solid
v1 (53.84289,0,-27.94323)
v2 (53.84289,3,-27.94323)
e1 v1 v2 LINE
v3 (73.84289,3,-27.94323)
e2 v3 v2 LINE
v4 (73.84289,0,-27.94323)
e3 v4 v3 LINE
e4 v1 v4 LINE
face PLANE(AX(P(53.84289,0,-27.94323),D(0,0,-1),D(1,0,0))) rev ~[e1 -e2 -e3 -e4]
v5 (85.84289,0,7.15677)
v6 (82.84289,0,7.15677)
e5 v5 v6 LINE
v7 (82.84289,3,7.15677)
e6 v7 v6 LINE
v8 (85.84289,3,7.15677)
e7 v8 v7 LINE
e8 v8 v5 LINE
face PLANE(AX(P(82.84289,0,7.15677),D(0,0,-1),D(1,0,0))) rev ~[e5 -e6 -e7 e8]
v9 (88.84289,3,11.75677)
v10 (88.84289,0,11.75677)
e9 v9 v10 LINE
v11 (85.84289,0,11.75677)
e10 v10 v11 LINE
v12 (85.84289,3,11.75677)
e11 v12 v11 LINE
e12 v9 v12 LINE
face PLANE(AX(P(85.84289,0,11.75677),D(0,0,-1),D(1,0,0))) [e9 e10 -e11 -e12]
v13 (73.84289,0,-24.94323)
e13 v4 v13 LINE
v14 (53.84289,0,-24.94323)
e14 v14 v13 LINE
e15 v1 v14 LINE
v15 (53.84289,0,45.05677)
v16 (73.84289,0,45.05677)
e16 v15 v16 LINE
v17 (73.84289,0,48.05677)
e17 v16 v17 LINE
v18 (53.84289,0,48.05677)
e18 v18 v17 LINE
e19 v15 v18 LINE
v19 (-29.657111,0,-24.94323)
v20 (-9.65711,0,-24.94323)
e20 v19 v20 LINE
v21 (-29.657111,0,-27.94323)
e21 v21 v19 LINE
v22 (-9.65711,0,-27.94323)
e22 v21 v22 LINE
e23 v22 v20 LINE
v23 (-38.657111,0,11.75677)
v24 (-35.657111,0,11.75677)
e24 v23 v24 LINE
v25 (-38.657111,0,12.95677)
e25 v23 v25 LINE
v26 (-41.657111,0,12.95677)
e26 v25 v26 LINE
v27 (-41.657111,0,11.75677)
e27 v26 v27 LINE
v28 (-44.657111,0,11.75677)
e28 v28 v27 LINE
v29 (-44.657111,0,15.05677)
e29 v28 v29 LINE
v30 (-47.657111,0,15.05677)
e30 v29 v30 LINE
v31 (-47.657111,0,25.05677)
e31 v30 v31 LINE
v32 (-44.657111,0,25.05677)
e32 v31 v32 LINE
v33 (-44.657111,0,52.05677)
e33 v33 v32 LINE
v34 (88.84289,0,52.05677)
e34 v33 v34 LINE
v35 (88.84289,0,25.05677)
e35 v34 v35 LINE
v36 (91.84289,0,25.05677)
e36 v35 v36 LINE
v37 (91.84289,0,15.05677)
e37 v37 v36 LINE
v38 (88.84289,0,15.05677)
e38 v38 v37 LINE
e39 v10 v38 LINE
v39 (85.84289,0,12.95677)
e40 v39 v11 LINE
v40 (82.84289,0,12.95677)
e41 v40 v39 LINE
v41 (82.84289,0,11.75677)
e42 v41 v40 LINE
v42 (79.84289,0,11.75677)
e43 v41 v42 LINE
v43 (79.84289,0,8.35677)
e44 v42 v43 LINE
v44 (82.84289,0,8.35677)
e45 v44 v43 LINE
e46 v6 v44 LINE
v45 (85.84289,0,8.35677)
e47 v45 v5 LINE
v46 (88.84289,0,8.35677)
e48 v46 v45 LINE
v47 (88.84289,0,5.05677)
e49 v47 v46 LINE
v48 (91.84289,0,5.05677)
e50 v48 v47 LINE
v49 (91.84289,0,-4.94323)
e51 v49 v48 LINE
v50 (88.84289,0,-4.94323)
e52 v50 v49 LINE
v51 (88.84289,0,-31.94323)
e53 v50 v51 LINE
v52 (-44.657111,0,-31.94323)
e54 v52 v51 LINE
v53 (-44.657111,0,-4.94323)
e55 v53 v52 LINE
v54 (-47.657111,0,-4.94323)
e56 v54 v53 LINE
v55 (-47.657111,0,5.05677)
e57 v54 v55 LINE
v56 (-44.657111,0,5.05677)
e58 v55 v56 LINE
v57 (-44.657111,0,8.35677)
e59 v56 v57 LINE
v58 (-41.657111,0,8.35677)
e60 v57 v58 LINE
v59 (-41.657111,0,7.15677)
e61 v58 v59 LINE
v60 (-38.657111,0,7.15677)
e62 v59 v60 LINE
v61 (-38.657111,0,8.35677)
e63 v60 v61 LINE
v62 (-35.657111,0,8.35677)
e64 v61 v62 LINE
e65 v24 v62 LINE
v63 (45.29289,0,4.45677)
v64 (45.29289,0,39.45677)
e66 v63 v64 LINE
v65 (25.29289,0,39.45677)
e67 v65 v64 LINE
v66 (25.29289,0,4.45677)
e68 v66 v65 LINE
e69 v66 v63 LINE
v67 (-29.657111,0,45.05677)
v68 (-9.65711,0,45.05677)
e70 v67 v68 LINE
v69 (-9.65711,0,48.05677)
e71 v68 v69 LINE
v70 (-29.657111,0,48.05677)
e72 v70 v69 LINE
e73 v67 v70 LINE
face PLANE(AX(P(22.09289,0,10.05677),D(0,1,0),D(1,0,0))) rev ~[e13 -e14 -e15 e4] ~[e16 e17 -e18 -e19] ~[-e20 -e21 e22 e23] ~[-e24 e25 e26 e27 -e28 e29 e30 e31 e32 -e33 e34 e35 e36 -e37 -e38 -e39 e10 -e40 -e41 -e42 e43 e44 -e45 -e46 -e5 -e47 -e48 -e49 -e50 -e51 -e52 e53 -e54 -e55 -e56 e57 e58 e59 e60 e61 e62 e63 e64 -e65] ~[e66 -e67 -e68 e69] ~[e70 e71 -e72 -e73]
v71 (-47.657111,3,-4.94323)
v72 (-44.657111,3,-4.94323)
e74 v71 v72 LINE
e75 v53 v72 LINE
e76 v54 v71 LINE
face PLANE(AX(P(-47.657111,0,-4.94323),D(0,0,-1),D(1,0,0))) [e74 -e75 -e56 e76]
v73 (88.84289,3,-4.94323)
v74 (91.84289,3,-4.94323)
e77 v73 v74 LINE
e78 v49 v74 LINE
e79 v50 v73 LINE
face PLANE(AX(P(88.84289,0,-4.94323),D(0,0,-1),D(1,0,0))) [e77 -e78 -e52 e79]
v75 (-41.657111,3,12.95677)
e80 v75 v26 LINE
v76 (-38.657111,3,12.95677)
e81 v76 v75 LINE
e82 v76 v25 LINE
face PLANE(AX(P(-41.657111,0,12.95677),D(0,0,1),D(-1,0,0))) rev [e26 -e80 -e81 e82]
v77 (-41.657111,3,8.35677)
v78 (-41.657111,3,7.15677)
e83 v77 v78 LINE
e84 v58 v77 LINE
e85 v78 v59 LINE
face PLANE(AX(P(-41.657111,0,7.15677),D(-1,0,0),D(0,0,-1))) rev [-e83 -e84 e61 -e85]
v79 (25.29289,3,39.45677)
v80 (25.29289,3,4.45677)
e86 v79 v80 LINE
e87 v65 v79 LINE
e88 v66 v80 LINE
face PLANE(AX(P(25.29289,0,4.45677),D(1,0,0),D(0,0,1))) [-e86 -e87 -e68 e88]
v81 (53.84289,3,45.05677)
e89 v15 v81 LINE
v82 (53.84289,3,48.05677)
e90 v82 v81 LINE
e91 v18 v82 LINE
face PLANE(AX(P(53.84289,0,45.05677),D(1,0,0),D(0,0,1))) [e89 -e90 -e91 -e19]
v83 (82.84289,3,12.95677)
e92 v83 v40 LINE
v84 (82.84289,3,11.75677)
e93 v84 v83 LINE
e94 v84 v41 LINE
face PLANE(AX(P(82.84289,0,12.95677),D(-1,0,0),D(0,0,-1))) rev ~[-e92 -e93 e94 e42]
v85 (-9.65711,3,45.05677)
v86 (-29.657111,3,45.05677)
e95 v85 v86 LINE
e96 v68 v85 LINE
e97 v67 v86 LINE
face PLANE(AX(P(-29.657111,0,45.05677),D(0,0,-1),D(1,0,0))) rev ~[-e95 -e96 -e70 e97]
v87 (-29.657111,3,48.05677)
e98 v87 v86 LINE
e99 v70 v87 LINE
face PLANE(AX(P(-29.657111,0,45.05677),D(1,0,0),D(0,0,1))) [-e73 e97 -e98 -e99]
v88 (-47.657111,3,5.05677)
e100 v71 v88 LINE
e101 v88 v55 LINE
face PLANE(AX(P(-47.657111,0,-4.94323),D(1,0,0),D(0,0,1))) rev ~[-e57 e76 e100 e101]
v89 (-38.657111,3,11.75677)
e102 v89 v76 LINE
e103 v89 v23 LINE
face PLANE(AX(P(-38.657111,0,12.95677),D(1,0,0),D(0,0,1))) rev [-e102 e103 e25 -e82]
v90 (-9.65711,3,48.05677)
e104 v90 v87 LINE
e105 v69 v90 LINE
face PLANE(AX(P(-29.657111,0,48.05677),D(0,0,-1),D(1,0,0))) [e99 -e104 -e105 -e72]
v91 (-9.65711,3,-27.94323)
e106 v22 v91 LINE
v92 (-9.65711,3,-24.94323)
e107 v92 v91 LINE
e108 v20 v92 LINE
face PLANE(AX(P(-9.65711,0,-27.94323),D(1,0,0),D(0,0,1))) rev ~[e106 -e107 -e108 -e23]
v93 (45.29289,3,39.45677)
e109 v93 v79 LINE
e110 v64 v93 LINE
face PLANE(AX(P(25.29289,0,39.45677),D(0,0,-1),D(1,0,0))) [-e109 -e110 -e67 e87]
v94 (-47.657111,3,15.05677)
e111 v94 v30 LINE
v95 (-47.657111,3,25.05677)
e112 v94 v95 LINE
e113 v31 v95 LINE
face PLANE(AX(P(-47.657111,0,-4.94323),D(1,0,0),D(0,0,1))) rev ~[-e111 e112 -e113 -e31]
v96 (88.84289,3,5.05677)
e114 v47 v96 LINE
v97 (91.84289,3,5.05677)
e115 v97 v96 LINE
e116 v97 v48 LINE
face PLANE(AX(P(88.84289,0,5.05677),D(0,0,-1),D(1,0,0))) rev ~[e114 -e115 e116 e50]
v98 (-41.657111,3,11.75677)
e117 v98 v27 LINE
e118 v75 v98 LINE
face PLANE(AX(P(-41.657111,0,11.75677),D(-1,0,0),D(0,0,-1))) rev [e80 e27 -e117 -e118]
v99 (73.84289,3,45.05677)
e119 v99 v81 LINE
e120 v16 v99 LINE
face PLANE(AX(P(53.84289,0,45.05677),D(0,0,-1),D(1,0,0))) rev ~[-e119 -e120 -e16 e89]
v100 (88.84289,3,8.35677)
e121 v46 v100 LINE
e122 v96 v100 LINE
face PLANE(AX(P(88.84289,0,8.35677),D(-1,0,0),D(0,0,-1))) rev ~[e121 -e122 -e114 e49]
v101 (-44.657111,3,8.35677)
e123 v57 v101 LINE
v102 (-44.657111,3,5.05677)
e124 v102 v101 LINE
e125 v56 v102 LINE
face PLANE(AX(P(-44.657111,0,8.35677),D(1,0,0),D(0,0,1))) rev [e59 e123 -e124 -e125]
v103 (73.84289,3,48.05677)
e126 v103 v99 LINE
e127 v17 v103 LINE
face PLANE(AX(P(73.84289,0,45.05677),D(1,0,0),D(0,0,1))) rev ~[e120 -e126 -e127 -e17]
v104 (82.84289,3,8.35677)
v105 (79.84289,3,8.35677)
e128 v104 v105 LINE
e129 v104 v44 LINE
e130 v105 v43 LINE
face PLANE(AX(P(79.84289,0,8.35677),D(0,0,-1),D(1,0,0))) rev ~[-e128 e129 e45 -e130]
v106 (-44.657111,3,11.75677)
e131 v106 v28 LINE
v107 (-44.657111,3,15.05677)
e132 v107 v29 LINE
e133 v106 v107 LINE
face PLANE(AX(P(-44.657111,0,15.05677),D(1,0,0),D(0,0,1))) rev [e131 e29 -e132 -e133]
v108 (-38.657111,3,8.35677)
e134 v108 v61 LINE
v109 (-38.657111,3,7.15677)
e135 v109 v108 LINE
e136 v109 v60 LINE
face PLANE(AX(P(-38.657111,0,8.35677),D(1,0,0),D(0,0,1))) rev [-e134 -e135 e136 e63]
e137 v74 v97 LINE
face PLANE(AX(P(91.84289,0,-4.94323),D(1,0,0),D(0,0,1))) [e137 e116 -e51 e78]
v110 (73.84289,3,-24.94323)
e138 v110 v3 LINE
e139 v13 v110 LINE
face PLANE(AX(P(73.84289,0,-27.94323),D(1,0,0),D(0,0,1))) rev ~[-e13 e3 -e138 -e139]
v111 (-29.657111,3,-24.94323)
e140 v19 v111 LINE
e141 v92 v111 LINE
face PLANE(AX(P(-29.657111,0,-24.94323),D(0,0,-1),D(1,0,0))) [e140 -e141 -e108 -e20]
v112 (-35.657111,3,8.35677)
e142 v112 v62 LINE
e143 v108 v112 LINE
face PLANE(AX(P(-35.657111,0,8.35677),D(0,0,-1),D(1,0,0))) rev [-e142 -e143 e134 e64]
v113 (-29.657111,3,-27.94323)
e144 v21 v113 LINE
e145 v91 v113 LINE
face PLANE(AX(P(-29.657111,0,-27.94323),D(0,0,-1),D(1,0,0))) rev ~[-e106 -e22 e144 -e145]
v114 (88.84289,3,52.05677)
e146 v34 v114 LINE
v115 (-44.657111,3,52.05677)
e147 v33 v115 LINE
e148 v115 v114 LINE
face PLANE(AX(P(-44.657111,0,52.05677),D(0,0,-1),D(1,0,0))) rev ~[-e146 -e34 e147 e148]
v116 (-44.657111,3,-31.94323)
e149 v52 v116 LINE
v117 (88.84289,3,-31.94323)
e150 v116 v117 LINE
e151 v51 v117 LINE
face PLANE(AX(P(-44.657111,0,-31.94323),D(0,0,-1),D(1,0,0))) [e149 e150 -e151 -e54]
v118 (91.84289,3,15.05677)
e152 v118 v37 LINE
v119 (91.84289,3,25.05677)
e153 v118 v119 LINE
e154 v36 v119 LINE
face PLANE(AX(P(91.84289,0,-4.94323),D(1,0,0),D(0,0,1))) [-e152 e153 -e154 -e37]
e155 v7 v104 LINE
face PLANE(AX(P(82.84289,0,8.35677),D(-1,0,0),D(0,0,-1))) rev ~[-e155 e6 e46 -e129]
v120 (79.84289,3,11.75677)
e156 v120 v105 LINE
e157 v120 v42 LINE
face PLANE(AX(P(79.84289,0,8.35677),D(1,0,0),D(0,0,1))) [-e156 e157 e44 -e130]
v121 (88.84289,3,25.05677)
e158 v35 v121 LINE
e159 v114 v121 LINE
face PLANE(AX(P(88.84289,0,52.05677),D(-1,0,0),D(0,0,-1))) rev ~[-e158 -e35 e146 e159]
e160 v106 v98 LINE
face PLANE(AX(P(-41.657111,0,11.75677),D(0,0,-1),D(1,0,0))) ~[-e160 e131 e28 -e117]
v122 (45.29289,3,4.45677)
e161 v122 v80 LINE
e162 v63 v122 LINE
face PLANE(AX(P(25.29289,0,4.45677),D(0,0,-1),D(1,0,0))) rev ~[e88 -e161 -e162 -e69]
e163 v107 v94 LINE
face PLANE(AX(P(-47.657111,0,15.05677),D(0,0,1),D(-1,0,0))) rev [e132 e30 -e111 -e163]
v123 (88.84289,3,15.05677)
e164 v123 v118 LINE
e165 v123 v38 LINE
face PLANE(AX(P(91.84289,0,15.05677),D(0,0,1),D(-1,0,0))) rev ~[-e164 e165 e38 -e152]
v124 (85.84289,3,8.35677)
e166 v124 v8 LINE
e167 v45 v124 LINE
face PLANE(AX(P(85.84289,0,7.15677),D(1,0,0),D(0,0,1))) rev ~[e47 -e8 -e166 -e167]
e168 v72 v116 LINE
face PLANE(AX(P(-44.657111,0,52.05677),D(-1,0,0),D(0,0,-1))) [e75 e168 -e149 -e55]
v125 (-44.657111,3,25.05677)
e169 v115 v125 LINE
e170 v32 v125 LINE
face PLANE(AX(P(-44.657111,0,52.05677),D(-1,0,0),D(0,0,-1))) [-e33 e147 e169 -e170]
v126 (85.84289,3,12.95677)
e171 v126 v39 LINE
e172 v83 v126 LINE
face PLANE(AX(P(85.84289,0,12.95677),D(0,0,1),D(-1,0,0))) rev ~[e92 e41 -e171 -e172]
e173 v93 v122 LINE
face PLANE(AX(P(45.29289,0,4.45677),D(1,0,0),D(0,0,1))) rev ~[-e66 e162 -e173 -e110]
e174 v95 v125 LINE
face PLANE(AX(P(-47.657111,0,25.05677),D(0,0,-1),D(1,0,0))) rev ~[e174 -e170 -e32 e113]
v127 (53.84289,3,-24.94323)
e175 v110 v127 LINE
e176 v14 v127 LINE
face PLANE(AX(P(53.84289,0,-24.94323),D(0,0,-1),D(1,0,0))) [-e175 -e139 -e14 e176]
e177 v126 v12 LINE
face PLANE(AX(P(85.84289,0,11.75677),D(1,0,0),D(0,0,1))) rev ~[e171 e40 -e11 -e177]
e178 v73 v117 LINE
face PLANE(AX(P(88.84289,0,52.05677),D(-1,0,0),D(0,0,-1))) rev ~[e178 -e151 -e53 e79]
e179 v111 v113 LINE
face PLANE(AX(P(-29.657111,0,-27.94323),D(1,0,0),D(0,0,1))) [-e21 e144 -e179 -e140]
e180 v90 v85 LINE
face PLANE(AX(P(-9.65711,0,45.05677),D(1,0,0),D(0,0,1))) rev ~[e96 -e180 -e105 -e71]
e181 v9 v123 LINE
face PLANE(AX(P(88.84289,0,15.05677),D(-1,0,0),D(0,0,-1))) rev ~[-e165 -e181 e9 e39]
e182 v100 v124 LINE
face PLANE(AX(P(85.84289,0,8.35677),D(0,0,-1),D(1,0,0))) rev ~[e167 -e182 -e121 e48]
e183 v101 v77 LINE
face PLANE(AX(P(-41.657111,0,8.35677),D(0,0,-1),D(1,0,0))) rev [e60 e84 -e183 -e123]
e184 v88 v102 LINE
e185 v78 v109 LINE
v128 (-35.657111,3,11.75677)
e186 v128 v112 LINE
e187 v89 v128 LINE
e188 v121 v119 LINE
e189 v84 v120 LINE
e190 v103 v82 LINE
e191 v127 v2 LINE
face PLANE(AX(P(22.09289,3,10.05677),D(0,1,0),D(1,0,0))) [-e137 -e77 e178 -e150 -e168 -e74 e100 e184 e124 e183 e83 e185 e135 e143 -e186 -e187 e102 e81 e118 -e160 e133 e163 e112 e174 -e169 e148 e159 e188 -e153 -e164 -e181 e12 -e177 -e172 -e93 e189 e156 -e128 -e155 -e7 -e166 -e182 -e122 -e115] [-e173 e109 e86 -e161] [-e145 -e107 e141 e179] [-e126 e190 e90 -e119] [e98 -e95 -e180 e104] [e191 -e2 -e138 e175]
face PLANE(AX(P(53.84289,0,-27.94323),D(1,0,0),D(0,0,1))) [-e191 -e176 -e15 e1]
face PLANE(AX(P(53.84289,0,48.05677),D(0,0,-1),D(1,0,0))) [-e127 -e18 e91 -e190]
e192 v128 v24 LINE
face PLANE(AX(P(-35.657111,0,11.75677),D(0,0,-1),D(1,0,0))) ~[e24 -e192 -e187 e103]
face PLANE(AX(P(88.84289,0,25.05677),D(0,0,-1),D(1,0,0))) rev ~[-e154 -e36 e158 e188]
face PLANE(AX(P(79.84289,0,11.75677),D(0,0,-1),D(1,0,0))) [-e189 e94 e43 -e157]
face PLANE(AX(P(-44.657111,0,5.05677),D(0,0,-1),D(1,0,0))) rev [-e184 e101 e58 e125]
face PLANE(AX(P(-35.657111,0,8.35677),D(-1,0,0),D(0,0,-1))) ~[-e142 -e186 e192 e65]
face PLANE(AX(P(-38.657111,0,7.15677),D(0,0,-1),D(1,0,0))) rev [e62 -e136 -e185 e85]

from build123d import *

# Parameters (mm, degrees)
SKETCH1_W           = 133.500000388
SKETCH1_H           = 84
BOSS_EXTRUDE1_DEPTH = 3
SKETCH2_W           = 20
SKETCH2_H           = 3
CUT_EXTRUDE1_DEPTH  = 104.014399147
SKETCH3_W           = 3
SKETCH3_H           = 30
BOSS_EXTRUDE2_DEPTH = 3
SKETCH4_W           = 3
SKETCH4_H           = 3.4
CUT_EXTRUDE2_DEPTH  = 106.612611798
SKETCH6_W           = 20
SKETCH6_H           = 35.000000221
CUT_EXTRUDE3_DEPTH  = 106.612611798


with BuildPart() as part:
    # Sketch1 → Boss-Extrude1 (new body)
    with BuildSketch(Plane(origin=(0, 0, 0), x_dir=(1, 0, 0), z_dir=(0, 1, 0))):
        with Locations((22.092889694, -10.056770433)):
            Rectangle(SKETCH1_W, SKETCH1_H)
    extrude(amount=BOSS_EXTRUDE1_DEPTH)

    # Sketch2 → Cut-Extrude1 (cut, through all)
    with BuildSketch(Plane.XZ):
        with Locations((63.842889888, 46.556770433)):
            Rectangle(SKETCH2_W, SKETCH2_H)
        with Locations((-19.6571105, 46.556770433)):
            Rectangle(SKETCH2_W, SKETCH2_H)
        with Locations((-19.6571105, -26.443229567)):
            Rectangle(SKETCH2_W, SKETCH2_H)
        with Locations((63.842889888, -26.443229567)):
            Rectangle(SKETCH2_W, SKETCH2_H)
    extrude(amount=-CUT_EXTRUDE1_DEPTH, mode=Mode.SUBTRACT)

    # Sketch3 → Boss-Extrude2 (add, through all)
    with BuildSketch(Plane.XZ):
        with Locations((90.342889888, 10.056770433)):
            Rectangle(SKETCH3_W, SKETCH3_H)
        with Locations((-46.1571105, 10.056770433)):
            Rectangle(SKETCH3_W, SKETCH3_H)
    extrude(amount=-BOSS_EXTRUDE2_DEPTH)

    # Sketch4 → Cut-Extrude2 (cut, symmetric)
    with BuildSketch(Plane.XZ):
        Polygon((88.842889888, 8.356770433), (88.842889888, 5.056770433), (91.842889888, 5.056770433), (91.842889888, 15.056770433), (88.842889888, 15.056770433), (88.842889888, 11.756770433), align=None)
        with Locations((87.342889888, 10.056770433)):
            Rectangle(SKETCH4_W, SKETCH4_H)
        Polygon((85.842889888, 7.156770433), (85.842889888, 8.356770433), (85.842889888, 11.756770433), (85.842889888, 12.956770433), (82.842889888, 12.956770433), (82.842889888, 11.756770433), (82.842889888, 8.356770433), (82.842889888, 7.156770433), align=None)
        with Locations((81.342889888, 10.056770433)):
            Rectangle(SKETCH4_W, SKETCH4_H)
    cut_extrude2 = extrude(amount=CUT_EXTRUDE2_DEPTH, both=True, mode=Mode.SUBTRACT)

    # Mirror1: Cut-Extrude2 across plane
    add(cut_extrude2.mirror(Plane(origin=(22.092889694, 0, 0), x_dir=(0, 0, 1), z_dir=(1, 0, 0))), mode=Mode.SUBTRACT)

    # Sketch6 → Cut-Extrude3 (cut, through all)
    with BuildSketch(Plane.XZ):
        with Locations((35.292890439, 21.956770364)):
            Rectangle(SKETCH6_W, SKETCH6_H)
    extrude(amount=-CUT_EXTRUDE3_DEPTH, mode=Mode.SUBTRACT)


solid = part.part
